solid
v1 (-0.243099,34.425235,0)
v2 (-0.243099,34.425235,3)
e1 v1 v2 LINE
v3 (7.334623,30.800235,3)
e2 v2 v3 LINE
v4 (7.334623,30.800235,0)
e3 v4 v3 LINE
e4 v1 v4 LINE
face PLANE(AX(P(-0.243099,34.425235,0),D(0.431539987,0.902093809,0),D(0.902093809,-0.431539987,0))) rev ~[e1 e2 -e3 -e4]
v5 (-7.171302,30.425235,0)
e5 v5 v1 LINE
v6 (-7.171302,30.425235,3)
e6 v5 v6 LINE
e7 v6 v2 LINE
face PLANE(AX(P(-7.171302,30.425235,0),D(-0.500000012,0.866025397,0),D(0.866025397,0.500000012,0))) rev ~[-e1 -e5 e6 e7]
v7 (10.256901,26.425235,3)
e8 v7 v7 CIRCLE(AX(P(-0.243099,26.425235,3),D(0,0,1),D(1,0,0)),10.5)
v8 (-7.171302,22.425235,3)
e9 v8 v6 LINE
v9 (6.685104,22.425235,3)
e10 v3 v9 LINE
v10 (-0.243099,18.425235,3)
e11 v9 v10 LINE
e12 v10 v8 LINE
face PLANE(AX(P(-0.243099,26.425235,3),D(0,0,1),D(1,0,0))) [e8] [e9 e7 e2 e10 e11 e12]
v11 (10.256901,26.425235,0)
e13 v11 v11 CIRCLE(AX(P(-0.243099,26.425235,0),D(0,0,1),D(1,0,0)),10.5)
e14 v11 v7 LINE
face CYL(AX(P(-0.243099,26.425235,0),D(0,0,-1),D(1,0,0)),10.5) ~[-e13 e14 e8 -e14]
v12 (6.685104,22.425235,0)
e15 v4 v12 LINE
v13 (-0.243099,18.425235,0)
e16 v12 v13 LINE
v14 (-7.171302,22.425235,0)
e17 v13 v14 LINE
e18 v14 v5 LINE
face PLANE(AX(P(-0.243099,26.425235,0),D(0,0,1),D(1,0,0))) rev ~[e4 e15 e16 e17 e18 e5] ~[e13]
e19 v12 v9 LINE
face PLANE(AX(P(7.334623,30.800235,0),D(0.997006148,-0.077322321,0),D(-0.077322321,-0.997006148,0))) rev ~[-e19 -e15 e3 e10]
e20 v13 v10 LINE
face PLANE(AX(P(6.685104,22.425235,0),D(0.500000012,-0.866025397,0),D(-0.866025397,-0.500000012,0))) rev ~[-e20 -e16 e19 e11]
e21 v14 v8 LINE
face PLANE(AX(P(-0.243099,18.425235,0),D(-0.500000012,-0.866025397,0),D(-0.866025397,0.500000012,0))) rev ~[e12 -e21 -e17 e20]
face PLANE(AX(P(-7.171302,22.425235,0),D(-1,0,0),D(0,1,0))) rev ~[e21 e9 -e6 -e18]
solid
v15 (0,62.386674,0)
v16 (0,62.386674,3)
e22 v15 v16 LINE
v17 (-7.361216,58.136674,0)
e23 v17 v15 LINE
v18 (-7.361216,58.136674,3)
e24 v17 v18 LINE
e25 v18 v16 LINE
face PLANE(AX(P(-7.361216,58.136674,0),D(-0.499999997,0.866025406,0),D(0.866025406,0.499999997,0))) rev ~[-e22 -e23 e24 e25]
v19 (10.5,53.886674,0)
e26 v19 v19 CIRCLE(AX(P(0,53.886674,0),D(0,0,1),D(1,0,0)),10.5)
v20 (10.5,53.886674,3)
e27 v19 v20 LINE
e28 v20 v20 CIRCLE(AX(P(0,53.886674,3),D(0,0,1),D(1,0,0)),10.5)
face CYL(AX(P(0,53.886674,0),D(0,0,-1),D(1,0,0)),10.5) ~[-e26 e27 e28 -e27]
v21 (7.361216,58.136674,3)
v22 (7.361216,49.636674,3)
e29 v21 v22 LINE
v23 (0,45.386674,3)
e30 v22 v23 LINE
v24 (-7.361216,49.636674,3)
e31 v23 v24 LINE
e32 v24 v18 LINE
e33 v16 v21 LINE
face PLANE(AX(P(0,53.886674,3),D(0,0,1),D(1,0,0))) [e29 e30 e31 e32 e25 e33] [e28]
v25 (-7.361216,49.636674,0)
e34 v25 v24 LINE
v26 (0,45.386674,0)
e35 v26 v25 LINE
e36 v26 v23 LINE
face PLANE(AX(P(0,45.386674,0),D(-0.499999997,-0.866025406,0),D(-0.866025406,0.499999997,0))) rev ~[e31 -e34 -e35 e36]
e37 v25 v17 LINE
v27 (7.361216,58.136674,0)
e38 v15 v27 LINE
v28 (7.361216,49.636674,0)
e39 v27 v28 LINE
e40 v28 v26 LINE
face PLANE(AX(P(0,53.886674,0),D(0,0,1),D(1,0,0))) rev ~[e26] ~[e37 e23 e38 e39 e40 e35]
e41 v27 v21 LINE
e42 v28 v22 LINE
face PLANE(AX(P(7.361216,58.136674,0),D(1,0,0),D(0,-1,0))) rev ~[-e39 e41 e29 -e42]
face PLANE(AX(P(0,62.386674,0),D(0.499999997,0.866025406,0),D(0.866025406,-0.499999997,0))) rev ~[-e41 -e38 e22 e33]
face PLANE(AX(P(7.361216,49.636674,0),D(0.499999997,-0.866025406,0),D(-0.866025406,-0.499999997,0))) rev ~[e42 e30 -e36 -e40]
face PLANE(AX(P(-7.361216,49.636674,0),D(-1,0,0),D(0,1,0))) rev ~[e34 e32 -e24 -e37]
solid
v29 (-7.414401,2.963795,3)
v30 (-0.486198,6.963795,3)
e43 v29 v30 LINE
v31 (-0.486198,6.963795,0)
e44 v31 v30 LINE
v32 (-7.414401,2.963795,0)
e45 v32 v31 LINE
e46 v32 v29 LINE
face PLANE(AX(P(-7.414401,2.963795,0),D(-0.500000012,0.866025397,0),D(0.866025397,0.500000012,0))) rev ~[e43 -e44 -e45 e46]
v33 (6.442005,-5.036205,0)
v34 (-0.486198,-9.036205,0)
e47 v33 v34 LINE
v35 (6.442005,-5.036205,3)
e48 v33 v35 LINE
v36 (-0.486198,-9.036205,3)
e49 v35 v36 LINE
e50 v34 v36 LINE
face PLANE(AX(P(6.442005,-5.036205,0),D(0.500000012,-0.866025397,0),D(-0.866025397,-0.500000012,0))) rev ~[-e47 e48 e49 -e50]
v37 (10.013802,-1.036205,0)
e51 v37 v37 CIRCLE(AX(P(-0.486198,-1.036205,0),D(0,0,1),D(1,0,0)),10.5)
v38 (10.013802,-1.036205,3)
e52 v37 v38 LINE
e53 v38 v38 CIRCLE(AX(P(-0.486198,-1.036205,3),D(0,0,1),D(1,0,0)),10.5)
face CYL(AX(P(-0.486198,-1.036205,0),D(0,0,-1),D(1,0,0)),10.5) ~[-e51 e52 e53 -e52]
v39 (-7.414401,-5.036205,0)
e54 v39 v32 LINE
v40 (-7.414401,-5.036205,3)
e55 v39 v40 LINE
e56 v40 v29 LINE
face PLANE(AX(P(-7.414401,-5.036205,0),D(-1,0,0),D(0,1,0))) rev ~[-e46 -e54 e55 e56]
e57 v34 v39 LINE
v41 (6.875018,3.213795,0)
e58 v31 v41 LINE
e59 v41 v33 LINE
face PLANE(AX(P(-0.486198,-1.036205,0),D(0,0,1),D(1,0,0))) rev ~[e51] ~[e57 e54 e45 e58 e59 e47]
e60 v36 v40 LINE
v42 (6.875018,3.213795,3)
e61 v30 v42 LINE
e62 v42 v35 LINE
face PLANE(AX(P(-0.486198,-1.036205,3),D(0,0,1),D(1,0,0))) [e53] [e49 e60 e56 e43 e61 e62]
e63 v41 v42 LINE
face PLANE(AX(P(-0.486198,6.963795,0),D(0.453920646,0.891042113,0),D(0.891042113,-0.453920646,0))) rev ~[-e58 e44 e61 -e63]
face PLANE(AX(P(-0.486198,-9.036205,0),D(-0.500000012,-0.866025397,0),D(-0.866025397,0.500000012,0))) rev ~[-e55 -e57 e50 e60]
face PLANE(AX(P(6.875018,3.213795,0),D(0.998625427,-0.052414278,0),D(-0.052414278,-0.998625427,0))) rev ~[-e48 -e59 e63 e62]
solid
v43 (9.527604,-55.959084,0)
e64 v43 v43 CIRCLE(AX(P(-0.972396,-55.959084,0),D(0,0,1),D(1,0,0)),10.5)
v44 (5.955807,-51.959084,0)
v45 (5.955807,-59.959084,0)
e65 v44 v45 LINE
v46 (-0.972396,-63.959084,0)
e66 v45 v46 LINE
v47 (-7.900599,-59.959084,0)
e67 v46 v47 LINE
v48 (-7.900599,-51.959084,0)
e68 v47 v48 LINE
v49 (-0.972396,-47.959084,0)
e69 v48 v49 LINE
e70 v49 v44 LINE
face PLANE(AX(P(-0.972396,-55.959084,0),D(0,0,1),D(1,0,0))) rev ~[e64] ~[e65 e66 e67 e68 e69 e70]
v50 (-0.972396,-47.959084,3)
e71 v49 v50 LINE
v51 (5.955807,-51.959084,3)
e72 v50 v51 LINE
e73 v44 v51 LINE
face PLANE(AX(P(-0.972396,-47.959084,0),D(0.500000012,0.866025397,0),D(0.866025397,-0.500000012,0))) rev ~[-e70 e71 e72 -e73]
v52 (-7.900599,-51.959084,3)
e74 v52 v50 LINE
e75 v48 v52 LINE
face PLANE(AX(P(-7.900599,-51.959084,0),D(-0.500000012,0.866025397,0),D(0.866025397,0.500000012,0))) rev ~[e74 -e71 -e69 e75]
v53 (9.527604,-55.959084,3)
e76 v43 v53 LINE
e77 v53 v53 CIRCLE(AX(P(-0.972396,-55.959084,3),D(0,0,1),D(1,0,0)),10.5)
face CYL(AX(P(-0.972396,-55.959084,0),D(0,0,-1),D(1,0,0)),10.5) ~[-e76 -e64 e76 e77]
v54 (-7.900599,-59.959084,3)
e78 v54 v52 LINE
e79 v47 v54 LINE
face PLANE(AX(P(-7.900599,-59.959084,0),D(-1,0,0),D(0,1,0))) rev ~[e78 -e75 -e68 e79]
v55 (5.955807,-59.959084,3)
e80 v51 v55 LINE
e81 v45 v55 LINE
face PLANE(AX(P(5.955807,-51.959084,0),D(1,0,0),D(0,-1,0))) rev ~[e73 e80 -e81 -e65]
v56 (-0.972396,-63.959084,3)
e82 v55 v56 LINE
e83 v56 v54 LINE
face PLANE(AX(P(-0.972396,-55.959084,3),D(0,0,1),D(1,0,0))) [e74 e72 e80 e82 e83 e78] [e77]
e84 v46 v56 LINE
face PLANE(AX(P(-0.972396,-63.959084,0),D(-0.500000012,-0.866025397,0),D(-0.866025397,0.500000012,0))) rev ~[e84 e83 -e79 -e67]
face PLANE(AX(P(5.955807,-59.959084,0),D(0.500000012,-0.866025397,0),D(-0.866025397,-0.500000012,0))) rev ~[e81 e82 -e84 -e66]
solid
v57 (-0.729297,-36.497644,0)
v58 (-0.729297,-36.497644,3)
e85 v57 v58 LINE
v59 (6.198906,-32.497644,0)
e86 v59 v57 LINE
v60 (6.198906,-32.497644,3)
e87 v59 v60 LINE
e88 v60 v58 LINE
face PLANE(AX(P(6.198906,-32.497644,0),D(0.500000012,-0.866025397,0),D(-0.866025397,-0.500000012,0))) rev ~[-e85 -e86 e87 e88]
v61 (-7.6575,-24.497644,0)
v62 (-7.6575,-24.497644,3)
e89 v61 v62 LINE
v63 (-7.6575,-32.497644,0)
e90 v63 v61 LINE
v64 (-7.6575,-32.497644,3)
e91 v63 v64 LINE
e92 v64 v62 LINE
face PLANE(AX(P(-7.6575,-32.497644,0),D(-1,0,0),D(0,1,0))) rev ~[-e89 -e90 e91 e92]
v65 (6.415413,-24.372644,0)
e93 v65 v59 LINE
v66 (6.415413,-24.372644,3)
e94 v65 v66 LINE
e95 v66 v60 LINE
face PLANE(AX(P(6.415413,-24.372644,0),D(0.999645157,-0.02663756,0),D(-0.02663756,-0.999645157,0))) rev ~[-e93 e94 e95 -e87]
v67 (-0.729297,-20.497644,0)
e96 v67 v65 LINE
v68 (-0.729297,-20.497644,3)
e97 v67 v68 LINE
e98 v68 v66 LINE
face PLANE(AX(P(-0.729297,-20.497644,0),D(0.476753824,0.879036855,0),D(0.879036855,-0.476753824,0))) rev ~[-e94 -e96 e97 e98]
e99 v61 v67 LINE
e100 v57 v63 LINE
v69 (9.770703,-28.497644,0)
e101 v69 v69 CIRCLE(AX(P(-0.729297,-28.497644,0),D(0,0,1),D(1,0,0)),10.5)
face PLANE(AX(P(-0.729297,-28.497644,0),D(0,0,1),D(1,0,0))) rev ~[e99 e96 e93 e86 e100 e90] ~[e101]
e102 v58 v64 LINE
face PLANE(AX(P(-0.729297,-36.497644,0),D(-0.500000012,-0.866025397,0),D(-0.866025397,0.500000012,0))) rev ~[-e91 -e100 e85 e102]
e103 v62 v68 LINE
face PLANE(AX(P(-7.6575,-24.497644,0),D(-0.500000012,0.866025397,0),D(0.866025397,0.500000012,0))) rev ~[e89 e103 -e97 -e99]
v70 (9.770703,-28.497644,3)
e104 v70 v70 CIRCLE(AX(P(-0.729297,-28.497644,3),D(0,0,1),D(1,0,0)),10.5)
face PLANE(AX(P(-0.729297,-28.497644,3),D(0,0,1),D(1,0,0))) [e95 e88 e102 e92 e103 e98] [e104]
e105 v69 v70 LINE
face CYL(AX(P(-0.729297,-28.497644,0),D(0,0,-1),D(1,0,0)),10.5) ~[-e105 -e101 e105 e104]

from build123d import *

# Parameters (mm, degrees)
F0_R     = 10.5
F1_DEPTH = 3


with BuildPart() as f1:
    # F0 (on Top) → F1 (new body)
    with BuildSketch(Plane.XY):
        with Locations((0, 53.886674)):
            Circle(F0_R)
        Polygon((-7.361216, 58.136674), (0, 62.386674), (7.361216, 58.136674), (7.361216, 49.636674), (0, 45.386674), (-7.361216, 49.636674), align=None, mode=Mode.SUBTRACT)
        with Locations((-0.243099, 26.425235)):
            Circle(F0_R)
        Polygon((-7.171302, 30.425235), (-0.243099, 34.425235), (7.334623, 30.800235), (6.685104, 22.425235), (-0.243099, 18.425235), (-7.171302, 22.425235), align=None, mode=Mode.SUBTRACT)
        with Locations((-0.486198, -1.036205)):
            Circle(F0_R)
        Polygon((-7.414401, 2.963795), (-0.486198, 6.963795), (6.875018, 3.213795), (6.442005, -5.036205), (-0.486198, -9.036205), (-7.414401, -5.036205), align=None, mode=Mode.SUBTRACT)
        with Locations((-0.729297, -28.497644)):
            Circle(F0_R)
        Polygon((-7.6575, -24.497644), (-0.729297, -20.497644), (6.415413, -24.372644), (6.198906, -32.497644), (-0.729297, -36.497644), (-7.6575, -32.497644), align=None, mode=Mode.SUBTRACT)
        with Locations((-0.972396, -55.959084)):
            Circle(F0_R)
        Polygon((-7.900599, -51.959084), (-0.972396, -47.959084), (5.955807, -51.959084), (5.955807, -59.959084), (-0.972396, -63.959084), (-7.900599, -59.959084), align=None, mode=Mode.SUBTRACT)
    extrude(amount=F1_DEPTH)


solid = f1.part
